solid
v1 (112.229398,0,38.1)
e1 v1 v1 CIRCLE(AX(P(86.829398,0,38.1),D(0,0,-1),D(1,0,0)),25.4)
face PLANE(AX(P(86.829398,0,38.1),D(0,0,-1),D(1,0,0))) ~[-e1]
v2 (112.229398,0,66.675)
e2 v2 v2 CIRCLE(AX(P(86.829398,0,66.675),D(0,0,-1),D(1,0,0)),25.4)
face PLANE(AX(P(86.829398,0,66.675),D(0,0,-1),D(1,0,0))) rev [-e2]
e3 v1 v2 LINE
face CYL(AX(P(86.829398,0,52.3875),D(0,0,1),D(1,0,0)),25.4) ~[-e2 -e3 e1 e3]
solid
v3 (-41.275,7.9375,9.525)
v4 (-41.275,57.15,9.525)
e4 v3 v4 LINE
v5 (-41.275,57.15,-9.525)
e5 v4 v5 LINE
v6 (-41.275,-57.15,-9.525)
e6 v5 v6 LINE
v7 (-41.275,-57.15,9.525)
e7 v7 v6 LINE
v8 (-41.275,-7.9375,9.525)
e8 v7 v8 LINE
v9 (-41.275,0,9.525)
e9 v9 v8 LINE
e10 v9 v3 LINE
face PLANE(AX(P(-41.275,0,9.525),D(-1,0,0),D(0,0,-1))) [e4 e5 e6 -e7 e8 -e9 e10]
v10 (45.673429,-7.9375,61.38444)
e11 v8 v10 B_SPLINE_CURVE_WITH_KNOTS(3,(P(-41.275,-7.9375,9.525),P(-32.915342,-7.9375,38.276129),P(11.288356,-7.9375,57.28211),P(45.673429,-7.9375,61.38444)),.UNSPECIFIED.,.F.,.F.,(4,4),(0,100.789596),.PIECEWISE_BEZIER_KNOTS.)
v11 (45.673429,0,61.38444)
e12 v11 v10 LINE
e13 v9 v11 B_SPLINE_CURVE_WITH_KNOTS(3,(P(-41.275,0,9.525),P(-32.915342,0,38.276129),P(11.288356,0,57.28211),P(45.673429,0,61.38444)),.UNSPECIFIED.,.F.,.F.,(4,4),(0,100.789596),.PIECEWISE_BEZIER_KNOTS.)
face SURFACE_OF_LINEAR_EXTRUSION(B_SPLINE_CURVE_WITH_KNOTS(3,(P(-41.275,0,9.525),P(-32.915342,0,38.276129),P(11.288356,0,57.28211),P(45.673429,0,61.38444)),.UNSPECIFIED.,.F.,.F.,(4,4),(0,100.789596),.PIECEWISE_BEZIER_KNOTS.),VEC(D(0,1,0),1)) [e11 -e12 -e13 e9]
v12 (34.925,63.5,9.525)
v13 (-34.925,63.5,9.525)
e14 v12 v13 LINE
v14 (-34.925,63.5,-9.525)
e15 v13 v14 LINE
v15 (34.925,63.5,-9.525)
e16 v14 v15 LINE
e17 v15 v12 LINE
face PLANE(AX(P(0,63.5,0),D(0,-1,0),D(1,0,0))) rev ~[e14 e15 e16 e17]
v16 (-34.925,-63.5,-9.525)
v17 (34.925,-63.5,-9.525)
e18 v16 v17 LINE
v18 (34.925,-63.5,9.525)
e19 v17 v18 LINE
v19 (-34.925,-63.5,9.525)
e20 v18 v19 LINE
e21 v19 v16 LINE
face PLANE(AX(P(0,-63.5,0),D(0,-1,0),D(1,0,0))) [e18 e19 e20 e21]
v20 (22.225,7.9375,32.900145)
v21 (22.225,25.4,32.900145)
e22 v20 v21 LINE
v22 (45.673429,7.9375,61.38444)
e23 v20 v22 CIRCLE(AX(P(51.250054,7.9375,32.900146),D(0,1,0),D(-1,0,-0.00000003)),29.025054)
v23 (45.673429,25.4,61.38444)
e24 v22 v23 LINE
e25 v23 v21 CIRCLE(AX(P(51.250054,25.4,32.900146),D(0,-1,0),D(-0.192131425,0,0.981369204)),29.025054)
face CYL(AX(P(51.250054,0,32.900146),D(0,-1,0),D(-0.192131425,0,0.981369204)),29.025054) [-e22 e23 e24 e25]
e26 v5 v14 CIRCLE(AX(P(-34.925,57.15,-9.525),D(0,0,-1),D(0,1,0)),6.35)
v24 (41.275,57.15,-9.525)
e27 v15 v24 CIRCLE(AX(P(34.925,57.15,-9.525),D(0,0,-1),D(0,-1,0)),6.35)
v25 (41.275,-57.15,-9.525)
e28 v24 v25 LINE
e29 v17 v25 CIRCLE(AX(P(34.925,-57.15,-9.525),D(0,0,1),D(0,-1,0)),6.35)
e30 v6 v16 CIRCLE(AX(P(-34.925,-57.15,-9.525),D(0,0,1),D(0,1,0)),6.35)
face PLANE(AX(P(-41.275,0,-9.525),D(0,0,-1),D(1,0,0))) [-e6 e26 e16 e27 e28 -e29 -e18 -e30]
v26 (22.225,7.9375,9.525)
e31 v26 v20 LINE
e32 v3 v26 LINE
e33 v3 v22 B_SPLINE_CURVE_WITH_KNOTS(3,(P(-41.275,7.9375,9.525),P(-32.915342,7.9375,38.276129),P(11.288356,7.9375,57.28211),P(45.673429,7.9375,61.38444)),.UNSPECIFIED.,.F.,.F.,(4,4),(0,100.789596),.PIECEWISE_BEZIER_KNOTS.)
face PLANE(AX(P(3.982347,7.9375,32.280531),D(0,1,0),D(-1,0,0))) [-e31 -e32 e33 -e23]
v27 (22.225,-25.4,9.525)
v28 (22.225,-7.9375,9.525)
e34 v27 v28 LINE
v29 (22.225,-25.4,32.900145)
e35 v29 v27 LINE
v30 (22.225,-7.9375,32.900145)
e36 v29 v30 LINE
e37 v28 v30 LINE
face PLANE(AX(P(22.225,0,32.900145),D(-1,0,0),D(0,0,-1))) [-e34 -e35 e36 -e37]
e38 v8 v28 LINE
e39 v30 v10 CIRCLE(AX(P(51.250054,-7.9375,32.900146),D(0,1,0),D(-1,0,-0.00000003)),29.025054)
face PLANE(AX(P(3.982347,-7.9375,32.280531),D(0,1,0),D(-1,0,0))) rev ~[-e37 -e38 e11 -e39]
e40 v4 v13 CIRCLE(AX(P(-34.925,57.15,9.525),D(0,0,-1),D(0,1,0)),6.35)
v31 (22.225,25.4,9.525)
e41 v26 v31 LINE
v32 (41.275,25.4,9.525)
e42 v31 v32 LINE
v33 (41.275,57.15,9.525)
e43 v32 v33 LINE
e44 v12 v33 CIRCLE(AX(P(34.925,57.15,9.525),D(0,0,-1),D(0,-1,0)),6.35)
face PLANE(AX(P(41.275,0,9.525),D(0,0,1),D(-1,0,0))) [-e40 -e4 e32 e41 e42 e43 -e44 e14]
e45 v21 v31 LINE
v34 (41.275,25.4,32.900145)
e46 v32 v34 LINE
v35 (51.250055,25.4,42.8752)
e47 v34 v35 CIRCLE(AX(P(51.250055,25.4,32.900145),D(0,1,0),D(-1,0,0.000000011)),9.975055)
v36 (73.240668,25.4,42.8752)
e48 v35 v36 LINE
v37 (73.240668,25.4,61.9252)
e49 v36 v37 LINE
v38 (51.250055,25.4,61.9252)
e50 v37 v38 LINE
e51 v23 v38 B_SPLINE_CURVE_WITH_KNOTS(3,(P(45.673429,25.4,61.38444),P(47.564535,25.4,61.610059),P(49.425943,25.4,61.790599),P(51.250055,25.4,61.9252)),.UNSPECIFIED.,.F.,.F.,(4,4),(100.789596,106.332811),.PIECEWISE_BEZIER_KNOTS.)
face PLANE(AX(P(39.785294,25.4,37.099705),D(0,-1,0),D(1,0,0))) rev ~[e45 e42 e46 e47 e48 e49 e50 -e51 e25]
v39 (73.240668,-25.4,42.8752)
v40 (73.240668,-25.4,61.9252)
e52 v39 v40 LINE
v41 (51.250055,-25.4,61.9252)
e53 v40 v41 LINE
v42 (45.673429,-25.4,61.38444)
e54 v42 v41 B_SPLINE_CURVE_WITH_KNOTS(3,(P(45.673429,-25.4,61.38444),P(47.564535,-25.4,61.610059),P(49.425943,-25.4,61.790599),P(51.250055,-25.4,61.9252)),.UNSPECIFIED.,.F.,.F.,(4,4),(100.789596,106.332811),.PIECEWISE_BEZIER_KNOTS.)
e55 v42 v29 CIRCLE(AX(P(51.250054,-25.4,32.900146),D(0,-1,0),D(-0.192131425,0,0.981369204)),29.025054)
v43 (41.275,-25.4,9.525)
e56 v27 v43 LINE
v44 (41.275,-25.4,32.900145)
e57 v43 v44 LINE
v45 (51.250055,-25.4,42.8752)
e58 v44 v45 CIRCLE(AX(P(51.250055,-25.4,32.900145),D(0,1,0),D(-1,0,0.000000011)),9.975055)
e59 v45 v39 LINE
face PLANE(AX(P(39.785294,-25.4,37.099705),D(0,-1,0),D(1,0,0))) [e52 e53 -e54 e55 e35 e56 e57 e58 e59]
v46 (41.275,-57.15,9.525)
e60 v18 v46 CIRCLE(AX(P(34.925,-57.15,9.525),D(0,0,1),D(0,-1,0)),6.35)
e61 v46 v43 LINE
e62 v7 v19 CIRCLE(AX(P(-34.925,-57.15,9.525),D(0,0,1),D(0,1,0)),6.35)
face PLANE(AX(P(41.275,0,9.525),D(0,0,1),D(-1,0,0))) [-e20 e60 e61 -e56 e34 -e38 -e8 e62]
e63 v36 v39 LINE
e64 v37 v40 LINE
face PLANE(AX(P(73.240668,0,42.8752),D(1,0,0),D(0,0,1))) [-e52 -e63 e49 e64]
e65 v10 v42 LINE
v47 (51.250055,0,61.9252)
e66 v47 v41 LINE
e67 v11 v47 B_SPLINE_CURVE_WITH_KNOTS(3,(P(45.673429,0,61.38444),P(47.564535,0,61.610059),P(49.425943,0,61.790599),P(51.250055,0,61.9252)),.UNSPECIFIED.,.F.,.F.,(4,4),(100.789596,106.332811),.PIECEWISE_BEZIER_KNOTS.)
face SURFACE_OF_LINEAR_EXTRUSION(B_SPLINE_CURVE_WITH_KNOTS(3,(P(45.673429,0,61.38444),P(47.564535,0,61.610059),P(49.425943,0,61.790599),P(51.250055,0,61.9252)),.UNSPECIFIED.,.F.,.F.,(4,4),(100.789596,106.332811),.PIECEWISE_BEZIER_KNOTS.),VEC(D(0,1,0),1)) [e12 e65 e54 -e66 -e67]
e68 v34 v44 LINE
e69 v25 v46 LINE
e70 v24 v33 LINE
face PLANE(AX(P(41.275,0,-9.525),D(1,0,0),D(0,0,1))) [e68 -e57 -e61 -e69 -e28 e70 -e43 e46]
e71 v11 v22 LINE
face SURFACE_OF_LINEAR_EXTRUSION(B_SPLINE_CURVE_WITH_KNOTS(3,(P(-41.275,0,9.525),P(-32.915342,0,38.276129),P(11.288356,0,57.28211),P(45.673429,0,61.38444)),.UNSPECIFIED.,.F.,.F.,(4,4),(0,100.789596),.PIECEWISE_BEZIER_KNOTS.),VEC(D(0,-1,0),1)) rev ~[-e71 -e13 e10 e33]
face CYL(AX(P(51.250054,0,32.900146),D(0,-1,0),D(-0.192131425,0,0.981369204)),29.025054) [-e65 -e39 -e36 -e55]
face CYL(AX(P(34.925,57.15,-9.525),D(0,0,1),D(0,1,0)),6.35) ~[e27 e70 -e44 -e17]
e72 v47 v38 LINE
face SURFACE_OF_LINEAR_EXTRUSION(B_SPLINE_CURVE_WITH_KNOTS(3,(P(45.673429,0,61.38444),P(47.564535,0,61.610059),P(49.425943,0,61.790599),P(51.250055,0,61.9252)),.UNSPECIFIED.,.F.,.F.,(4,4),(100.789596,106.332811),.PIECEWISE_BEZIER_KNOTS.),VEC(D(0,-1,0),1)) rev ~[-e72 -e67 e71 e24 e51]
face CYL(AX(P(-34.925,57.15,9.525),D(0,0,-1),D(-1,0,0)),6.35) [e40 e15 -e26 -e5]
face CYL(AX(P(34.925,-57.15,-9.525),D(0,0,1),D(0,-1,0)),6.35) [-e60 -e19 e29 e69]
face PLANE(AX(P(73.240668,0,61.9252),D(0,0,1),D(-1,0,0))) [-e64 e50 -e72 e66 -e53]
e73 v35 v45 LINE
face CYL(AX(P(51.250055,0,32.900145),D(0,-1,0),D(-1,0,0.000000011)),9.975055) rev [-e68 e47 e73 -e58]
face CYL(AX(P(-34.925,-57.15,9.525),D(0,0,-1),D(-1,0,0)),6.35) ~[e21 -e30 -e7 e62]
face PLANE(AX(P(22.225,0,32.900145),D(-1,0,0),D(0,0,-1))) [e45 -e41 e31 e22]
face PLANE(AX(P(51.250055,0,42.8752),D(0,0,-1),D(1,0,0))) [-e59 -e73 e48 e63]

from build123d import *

# Parameters (mm, degrees)
F1_DEPTH = 63.5
F0_W     = 11.81127
F0_H     = 19.05
F2_DEPTH = 25.4
F3_DEPTH = 7.9375
F0_W_2   = 25.4
F0_H_2   = 28.575
F5_R     = 6.35


with BuildPart() as f1:
    # F0 (on Front) → F1 (new body, symmetric)
    with BuildSketch(Plane.XZ):
        Polygon((-41.275, 9.525), (-41.275, -9.525), (41.275, -9.525), (41.275, 9.525), (22.225, 9.525), align=None)
    extrude(amount=F1_DEPTH, both=True)

    # F0 (on Front) → F2 (join, symmetric)
    with BuildSketch(Plane.XZ):
        with BuildLine():
            Line((22.225, 9.525), (41.275, 9.525))
            Line((41.275, 9.525), (41.275, 32.900145))
            ThreePointArc((41.275, 32.900145), (44.196626, 39.953574), (51.250055, 42.8752))
            Line((51.250055, 42.8752), (61.429398, 42.8752))
            Line((61.429398, 42.8752), (61.429398, 61.9252))
            Line((61.429398, 61.9252), (51.250055, 61.9252))
            add(Edge.make_bspline(
                [(45.673429, 61.38444), (47.564535, 61.610059), (49.425943, 61.790599), (51.250055, 61.9252)],
                knots=[100.789596, 100.789596, 100.789596, 100.789596, 106.332811, 106.332811, 106.332811, 106.332811], degree=3))
            ThreePointArc((45.673429, 61.38444), (28.841176, 51.347258), (22.225, 32.900145))
            Line((22.225, 32.900145), (22.225, 9.525))
        make_face()
        with Locations((67.335033, 52.4002)):
            Rectangle(F0_W, F0_H)
    extrude(amount=F2_DEPTH, both=True)

    # F0 (on Front) → F3 (join, symmetric)
    with BuildSketch(Plane.XZ):
        with BuildLine():
            add(Edge.make_bspline(
                [(-41.275, 9.525), (-32.915342, 38.276129), (11.288356, 57.28211), (45.673429, 61.38444)],
                knots=[0, 0, 0, 0, 100.789596, 100.789596, 100.789596, 100.789596], degree=3))
            Line((-41.275, 9.525), (22.225, 9.525))
            Line((22.225, 9.525), (22.225, 32.900145))
            ThreePointArc((22.225, 32.900145), (28.841176, 51.347258), (45.673429, 61.38444))
        make_face()
    extrude(amount=F3_DEPTH, both=True)

    # F5
    f5_edges = [f1.edges().sort_by_distance(p)[0] for p in [
        (-41.275, -63.5, 0),
        (-41.275, 63.5, 0),
        (41.275, -63.5, 0),
        (41.275, 63.5, 0),
    ]]
    fillet(f5_edges, radius=F5_R)


with BuildPart() as f4:
    # F0 (on Front) → F4 (revolve)
    with BuildSketch(Plane.XZ):
        with Locations((99.529398, 52.3875)):
            Rectangle(F0_W_2, F0_H_2)
    revolve(axis=Axis((86.829398, 0, 52.3875), (0, 0, -1)))


solid = Compound([f1.part, f4.part])
